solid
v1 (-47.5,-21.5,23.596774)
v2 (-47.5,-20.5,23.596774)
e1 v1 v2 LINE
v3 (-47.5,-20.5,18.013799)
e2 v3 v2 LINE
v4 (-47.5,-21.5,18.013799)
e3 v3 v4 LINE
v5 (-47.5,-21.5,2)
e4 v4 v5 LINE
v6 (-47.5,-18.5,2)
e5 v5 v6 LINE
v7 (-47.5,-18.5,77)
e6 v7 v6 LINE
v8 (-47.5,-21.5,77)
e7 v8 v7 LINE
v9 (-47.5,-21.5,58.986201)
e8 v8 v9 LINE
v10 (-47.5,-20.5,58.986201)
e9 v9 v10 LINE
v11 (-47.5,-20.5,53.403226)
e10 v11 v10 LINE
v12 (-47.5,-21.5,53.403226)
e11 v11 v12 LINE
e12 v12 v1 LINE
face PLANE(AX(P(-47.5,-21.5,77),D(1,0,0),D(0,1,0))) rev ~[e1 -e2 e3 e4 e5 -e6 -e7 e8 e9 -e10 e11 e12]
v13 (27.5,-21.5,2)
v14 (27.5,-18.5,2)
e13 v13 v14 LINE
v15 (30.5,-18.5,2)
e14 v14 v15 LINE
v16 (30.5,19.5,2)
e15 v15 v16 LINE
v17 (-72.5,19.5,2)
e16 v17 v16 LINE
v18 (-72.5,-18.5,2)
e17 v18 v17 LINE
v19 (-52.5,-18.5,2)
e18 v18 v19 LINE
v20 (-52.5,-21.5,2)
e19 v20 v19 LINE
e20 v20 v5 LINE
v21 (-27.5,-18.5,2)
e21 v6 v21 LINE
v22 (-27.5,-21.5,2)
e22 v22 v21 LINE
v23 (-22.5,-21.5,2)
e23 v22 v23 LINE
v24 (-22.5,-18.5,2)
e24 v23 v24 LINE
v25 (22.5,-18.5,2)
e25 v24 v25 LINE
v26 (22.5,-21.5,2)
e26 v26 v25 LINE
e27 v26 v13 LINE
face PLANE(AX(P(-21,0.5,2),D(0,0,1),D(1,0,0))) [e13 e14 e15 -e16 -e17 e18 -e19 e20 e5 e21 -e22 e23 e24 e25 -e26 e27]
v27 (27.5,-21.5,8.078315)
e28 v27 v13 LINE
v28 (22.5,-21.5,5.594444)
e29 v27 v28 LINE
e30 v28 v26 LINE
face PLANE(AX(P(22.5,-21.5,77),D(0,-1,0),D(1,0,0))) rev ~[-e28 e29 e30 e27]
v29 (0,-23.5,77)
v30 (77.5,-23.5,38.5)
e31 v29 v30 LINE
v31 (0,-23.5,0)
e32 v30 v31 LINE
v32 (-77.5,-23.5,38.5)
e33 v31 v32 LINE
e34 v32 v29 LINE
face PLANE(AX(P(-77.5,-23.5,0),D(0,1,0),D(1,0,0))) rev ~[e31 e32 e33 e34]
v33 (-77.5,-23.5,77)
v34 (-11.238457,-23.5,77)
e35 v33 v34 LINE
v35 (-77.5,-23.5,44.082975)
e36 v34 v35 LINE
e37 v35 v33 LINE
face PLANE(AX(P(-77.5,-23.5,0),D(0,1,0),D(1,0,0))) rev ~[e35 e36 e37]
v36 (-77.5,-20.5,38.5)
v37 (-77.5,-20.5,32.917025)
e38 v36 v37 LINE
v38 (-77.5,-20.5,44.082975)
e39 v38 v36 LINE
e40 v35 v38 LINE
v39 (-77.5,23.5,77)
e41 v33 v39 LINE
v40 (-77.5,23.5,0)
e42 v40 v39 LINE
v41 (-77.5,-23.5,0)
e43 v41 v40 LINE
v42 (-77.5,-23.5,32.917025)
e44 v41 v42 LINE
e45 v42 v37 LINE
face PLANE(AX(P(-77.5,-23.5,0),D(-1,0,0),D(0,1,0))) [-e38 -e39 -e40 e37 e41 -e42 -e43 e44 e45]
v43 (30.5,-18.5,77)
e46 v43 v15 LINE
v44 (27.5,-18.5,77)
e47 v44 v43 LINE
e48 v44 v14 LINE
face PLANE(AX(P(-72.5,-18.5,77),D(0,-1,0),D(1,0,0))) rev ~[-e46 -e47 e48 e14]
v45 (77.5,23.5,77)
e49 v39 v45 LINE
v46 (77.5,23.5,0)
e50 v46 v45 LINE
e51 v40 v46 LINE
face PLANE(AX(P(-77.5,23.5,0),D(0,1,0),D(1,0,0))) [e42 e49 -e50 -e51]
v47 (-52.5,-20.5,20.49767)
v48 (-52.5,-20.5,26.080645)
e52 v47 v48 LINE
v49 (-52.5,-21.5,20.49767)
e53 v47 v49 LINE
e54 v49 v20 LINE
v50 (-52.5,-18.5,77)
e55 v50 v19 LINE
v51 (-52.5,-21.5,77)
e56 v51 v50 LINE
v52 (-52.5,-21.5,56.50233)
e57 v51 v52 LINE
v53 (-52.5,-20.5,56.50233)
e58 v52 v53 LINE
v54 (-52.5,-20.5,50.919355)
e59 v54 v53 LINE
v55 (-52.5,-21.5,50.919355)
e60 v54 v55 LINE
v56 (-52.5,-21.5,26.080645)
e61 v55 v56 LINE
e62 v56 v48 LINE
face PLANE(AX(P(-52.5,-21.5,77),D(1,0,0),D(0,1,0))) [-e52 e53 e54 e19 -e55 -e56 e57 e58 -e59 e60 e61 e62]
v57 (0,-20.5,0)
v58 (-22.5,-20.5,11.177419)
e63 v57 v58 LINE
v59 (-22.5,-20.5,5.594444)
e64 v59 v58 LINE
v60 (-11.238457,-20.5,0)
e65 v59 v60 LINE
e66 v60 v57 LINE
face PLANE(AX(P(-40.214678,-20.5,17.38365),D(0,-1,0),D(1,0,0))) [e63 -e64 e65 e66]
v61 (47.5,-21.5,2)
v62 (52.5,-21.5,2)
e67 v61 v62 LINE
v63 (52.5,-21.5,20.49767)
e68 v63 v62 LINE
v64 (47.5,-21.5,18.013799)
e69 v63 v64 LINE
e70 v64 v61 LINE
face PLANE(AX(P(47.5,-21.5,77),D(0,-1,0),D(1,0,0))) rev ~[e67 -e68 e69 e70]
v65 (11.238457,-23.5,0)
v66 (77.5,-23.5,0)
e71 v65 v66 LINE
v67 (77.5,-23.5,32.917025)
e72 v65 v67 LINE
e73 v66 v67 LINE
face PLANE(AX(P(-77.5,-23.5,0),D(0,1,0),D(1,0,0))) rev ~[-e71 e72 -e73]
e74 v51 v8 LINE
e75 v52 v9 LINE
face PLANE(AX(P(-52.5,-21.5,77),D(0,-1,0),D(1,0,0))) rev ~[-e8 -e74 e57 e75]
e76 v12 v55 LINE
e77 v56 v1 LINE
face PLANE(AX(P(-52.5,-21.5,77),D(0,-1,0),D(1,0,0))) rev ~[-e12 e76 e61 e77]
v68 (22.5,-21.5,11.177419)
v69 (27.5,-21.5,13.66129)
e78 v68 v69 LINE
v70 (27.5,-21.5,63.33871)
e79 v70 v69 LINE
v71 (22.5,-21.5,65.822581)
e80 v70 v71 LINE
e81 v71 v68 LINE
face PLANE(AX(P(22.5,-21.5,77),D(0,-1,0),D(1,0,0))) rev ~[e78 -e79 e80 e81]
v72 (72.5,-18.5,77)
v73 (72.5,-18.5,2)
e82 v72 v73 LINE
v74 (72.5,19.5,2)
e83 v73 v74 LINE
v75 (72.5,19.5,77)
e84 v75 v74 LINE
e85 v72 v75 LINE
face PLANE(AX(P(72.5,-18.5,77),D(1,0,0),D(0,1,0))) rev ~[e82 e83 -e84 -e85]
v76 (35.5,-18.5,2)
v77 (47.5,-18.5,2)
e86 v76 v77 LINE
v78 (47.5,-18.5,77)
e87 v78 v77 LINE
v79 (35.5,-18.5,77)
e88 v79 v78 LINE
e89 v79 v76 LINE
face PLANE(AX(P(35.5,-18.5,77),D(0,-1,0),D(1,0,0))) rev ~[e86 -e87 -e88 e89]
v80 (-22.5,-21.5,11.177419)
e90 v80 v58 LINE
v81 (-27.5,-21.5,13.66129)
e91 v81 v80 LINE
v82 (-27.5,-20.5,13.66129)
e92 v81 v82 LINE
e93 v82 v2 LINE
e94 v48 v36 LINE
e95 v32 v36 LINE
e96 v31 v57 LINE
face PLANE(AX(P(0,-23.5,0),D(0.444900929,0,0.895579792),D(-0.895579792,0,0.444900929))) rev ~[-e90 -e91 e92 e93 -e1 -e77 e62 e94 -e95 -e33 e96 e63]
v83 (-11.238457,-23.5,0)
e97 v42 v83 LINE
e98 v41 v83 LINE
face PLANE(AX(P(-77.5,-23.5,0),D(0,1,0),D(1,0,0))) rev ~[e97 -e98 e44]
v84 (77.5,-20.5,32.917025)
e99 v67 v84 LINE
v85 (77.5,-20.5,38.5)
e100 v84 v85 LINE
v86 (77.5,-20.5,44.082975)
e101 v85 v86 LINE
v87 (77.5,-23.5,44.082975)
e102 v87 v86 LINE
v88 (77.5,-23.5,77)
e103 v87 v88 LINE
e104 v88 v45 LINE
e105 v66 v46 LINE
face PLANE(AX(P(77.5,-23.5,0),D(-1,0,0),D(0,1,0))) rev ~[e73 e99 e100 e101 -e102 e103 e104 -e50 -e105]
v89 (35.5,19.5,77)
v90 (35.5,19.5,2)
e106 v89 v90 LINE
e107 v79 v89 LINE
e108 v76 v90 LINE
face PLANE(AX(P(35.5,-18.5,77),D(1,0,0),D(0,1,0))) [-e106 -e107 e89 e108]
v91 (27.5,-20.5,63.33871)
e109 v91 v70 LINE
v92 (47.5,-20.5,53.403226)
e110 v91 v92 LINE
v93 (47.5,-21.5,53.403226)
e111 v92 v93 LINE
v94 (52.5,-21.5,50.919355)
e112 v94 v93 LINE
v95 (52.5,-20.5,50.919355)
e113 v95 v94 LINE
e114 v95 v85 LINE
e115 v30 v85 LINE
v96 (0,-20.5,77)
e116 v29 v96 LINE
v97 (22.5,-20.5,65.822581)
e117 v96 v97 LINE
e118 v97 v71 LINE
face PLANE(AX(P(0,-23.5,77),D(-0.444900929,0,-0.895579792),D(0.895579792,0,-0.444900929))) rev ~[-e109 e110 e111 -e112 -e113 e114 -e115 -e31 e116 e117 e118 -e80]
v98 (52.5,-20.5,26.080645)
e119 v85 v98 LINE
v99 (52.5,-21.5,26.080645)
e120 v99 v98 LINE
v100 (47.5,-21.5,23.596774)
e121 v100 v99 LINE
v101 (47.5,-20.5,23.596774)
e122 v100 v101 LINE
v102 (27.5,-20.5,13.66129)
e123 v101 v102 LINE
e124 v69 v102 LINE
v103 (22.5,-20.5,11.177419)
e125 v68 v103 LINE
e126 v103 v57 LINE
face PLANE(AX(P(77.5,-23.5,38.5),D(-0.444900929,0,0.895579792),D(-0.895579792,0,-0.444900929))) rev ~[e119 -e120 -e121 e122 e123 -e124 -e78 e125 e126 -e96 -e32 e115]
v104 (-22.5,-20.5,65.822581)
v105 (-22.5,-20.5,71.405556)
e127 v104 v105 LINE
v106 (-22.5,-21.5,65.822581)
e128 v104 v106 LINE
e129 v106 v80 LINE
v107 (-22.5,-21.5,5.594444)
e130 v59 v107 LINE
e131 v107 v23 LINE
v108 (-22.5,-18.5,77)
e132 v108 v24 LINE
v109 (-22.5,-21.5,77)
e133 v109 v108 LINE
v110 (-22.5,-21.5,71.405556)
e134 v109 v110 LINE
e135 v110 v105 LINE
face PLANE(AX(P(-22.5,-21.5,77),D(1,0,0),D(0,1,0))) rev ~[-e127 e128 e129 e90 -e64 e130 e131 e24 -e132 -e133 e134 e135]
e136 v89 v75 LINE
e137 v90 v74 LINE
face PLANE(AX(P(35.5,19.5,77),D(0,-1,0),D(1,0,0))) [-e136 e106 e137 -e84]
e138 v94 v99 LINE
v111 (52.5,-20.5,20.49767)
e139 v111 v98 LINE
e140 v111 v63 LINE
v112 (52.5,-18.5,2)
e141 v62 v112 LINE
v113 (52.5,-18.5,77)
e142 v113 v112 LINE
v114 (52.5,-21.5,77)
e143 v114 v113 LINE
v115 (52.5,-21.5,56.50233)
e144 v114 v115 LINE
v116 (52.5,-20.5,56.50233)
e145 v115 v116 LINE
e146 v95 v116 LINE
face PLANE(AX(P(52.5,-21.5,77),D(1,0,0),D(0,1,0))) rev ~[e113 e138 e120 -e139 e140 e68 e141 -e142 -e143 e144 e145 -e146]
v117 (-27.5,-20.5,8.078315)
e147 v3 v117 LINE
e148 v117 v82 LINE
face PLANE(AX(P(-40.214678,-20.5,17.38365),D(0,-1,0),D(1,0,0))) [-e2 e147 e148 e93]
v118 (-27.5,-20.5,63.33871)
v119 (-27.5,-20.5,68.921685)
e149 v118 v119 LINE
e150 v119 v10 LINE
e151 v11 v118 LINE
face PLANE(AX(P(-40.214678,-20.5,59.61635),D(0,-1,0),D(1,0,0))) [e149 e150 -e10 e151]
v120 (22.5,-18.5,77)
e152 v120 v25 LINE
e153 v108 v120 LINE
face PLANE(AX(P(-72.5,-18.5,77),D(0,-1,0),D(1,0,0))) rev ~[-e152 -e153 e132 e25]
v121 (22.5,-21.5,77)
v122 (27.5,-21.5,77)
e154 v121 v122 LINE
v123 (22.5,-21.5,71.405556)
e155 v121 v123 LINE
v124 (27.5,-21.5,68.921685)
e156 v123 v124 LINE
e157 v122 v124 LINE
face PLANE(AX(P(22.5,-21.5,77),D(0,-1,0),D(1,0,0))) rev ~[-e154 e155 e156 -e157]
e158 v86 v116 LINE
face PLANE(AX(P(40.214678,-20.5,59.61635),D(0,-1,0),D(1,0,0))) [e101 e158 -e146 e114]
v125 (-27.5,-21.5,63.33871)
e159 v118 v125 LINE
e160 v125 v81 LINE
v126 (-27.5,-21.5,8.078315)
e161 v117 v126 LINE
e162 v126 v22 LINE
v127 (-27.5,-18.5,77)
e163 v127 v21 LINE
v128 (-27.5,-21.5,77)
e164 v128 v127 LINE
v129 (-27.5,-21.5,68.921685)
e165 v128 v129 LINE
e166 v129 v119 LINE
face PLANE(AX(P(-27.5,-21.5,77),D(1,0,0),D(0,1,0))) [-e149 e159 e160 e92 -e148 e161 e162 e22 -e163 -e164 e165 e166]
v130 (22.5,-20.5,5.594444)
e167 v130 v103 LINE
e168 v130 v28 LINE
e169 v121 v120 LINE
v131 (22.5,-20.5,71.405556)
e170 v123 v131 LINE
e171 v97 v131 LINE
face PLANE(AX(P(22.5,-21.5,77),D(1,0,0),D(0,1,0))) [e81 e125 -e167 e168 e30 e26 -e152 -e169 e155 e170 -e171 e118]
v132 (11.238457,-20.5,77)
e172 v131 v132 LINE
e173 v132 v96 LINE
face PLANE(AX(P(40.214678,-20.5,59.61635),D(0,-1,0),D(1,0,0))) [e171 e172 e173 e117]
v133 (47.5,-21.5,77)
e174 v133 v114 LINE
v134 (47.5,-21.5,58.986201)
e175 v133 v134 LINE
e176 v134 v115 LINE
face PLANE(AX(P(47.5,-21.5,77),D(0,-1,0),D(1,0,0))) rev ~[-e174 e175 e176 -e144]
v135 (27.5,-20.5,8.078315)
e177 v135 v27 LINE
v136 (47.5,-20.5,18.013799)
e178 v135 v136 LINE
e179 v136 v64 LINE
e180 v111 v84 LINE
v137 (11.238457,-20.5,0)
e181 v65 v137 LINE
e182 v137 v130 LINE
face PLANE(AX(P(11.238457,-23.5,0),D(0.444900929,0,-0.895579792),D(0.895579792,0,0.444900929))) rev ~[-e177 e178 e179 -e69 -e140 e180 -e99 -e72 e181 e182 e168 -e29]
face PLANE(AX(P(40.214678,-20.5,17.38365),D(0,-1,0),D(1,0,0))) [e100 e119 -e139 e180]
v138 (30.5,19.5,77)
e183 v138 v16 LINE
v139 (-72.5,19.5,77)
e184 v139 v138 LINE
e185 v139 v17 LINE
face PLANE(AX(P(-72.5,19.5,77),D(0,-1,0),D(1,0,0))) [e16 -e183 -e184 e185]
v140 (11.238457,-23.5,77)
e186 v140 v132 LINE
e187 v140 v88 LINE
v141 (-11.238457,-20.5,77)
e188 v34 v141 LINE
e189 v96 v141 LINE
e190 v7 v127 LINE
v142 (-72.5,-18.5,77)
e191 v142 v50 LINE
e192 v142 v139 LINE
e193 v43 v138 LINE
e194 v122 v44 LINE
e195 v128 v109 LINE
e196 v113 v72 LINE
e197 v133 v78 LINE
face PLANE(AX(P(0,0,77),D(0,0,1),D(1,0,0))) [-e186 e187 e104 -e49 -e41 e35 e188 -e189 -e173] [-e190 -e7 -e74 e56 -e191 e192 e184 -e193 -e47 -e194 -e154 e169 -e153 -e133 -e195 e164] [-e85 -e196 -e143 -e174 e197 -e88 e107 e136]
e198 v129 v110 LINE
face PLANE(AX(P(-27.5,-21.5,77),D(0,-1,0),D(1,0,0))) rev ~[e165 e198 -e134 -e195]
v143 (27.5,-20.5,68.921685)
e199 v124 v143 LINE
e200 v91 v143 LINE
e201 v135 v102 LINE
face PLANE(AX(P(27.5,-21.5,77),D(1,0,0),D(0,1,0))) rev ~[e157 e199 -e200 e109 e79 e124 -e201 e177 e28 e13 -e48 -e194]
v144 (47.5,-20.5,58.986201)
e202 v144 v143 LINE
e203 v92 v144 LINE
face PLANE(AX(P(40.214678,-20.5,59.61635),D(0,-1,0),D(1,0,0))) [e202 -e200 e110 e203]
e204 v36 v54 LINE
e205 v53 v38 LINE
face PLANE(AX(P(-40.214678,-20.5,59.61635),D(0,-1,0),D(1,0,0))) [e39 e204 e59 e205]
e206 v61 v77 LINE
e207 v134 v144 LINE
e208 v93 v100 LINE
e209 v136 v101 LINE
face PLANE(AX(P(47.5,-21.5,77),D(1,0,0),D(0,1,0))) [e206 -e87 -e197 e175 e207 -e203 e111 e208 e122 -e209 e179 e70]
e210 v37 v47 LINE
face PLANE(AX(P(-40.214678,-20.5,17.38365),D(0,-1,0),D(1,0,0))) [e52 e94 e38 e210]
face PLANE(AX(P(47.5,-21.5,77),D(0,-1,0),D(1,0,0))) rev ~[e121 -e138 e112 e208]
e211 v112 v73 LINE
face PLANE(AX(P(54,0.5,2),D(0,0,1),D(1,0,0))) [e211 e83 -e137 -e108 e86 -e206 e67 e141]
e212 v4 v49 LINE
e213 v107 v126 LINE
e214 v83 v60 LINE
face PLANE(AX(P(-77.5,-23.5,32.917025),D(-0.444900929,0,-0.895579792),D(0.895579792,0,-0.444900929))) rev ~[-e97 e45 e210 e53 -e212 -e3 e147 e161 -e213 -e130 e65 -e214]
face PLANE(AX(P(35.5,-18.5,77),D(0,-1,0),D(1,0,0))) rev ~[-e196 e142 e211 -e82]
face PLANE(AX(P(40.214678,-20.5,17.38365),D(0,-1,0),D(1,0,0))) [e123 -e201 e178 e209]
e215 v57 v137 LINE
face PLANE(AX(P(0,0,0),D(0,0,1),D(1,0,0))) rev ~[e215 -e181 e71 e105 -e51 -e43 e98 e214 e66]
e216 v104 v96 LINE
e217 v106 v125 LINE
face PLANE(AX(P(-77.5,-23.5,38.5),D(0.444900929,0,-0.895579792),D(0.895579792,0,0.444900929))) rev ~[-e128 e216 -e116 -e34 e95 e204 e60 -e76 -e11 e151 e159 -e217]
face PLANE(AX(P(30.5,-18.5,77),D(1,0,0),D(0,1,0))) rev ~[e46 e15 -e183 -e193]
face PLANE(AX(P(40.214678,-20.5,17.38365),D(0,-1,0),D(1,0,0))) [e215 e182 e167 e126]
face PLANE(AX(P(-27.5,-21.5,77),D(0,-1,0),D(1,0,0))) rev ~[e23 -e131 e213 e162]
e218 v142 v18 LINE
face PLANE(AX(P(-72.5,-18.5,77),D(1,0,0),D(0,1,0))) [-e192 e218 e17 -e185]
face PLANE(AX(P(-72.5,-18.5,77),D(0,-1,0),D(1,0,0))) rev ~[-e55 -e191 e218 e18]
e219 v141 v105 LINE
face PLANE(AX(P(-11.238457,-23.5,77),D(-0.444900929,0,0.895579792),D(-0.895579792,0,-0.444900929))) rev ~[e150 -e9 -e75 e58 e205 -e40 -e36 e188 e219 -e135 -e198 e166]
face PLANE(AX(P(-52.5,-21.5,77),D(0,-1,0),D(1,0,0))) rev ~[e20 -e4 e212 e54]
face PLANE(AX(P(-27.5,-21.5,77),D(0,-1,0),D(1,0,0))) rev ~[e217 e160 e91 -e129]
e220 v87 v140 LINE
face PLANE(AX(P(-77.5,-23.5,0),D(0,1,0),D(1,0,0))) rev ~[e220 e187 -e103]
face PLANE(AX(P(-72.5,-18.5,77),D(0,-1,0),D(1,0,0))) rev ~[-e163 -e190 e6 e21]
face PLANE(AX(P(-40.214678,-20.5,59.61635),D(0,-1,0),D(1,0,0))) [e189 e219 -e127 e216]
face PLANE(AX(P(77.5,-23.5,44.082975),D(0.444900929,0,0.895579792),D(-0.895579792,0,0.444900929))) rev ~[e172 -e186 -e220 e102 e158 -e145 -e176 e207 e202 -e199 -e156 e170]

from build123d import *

# Parameters (mm, degrees)
F0_W     = 155
F0_H     = 47
F1_DEPTH = 77
F2_W     = 103
F2_H     = 38
F2_W_2   = 37
F3_DEPTH = 75
F5_DEPTH = 3
F6_W     = 5
F6_H     = 3
F7_DEPTH = 75


with BuildPart() as f1:
    # F0 (on Top) → F1 (new body)
    with BuildSketch(Plane.XY):
        Rectangle(F0_W, F0_H)
    extrude(amount=F1_DEPTH)

    # F2 (on face) → F3 (cut)
    with BuildSketch(Plane.XY.offset(77)):
        with Locations((-21, 0.5)):
            Rectangle(F2_W, F2_H)
        with Locations((54, 0.5)):
            Rectangle(F2_W_2, F2_H)
    extrude(amount=-F3_DEPTH, mode=Mode.SUBTRACT)

    # F4 (on face) → F5 (cut)
    with BuildSketch(Plane.XZ.offset(23.5)):
        Polygon((-77.5, 38.5), (0, 77), (-11.2384570943, 77), (-77.5, 44.0829754598), align=None)
        Polygon((0, 0), (-77.5, 38.5), (-77.5, 32.9170245402), (-11.2384570943, 0), align=None)
        Polygon((77.5, 32.9170245402), (77.5, 38.5), (0, 0), (11.2384570943, 0), align=None)
        Polygon((11.2384570943, 77), (0, 77), (77.5, 38.5), (77.5, 44.0829754598), align=None)
    extrude(amount=-F5_DEPTH, mode=Mode.SUBTRACT)

    # F6 (on face) → F7 (cut)
    with BuildSketch(Plane.XY.offset(77)):
        with Locations((50, -20)):
            Rectangle(F6_W, F6_H)
        with Locations((25, -20)):
            Rectangle(F6_W, F6_H)
        with Locations((-25, -20)):
            Rectangle(F6_W, F6_H)
        with Locations((-50, -20)):
            Rectangle(F6_W, F6_H)
    extrude(amount=-F7_DEPTH, mode=Mode.SUBTRACT)


solid = f1.part
